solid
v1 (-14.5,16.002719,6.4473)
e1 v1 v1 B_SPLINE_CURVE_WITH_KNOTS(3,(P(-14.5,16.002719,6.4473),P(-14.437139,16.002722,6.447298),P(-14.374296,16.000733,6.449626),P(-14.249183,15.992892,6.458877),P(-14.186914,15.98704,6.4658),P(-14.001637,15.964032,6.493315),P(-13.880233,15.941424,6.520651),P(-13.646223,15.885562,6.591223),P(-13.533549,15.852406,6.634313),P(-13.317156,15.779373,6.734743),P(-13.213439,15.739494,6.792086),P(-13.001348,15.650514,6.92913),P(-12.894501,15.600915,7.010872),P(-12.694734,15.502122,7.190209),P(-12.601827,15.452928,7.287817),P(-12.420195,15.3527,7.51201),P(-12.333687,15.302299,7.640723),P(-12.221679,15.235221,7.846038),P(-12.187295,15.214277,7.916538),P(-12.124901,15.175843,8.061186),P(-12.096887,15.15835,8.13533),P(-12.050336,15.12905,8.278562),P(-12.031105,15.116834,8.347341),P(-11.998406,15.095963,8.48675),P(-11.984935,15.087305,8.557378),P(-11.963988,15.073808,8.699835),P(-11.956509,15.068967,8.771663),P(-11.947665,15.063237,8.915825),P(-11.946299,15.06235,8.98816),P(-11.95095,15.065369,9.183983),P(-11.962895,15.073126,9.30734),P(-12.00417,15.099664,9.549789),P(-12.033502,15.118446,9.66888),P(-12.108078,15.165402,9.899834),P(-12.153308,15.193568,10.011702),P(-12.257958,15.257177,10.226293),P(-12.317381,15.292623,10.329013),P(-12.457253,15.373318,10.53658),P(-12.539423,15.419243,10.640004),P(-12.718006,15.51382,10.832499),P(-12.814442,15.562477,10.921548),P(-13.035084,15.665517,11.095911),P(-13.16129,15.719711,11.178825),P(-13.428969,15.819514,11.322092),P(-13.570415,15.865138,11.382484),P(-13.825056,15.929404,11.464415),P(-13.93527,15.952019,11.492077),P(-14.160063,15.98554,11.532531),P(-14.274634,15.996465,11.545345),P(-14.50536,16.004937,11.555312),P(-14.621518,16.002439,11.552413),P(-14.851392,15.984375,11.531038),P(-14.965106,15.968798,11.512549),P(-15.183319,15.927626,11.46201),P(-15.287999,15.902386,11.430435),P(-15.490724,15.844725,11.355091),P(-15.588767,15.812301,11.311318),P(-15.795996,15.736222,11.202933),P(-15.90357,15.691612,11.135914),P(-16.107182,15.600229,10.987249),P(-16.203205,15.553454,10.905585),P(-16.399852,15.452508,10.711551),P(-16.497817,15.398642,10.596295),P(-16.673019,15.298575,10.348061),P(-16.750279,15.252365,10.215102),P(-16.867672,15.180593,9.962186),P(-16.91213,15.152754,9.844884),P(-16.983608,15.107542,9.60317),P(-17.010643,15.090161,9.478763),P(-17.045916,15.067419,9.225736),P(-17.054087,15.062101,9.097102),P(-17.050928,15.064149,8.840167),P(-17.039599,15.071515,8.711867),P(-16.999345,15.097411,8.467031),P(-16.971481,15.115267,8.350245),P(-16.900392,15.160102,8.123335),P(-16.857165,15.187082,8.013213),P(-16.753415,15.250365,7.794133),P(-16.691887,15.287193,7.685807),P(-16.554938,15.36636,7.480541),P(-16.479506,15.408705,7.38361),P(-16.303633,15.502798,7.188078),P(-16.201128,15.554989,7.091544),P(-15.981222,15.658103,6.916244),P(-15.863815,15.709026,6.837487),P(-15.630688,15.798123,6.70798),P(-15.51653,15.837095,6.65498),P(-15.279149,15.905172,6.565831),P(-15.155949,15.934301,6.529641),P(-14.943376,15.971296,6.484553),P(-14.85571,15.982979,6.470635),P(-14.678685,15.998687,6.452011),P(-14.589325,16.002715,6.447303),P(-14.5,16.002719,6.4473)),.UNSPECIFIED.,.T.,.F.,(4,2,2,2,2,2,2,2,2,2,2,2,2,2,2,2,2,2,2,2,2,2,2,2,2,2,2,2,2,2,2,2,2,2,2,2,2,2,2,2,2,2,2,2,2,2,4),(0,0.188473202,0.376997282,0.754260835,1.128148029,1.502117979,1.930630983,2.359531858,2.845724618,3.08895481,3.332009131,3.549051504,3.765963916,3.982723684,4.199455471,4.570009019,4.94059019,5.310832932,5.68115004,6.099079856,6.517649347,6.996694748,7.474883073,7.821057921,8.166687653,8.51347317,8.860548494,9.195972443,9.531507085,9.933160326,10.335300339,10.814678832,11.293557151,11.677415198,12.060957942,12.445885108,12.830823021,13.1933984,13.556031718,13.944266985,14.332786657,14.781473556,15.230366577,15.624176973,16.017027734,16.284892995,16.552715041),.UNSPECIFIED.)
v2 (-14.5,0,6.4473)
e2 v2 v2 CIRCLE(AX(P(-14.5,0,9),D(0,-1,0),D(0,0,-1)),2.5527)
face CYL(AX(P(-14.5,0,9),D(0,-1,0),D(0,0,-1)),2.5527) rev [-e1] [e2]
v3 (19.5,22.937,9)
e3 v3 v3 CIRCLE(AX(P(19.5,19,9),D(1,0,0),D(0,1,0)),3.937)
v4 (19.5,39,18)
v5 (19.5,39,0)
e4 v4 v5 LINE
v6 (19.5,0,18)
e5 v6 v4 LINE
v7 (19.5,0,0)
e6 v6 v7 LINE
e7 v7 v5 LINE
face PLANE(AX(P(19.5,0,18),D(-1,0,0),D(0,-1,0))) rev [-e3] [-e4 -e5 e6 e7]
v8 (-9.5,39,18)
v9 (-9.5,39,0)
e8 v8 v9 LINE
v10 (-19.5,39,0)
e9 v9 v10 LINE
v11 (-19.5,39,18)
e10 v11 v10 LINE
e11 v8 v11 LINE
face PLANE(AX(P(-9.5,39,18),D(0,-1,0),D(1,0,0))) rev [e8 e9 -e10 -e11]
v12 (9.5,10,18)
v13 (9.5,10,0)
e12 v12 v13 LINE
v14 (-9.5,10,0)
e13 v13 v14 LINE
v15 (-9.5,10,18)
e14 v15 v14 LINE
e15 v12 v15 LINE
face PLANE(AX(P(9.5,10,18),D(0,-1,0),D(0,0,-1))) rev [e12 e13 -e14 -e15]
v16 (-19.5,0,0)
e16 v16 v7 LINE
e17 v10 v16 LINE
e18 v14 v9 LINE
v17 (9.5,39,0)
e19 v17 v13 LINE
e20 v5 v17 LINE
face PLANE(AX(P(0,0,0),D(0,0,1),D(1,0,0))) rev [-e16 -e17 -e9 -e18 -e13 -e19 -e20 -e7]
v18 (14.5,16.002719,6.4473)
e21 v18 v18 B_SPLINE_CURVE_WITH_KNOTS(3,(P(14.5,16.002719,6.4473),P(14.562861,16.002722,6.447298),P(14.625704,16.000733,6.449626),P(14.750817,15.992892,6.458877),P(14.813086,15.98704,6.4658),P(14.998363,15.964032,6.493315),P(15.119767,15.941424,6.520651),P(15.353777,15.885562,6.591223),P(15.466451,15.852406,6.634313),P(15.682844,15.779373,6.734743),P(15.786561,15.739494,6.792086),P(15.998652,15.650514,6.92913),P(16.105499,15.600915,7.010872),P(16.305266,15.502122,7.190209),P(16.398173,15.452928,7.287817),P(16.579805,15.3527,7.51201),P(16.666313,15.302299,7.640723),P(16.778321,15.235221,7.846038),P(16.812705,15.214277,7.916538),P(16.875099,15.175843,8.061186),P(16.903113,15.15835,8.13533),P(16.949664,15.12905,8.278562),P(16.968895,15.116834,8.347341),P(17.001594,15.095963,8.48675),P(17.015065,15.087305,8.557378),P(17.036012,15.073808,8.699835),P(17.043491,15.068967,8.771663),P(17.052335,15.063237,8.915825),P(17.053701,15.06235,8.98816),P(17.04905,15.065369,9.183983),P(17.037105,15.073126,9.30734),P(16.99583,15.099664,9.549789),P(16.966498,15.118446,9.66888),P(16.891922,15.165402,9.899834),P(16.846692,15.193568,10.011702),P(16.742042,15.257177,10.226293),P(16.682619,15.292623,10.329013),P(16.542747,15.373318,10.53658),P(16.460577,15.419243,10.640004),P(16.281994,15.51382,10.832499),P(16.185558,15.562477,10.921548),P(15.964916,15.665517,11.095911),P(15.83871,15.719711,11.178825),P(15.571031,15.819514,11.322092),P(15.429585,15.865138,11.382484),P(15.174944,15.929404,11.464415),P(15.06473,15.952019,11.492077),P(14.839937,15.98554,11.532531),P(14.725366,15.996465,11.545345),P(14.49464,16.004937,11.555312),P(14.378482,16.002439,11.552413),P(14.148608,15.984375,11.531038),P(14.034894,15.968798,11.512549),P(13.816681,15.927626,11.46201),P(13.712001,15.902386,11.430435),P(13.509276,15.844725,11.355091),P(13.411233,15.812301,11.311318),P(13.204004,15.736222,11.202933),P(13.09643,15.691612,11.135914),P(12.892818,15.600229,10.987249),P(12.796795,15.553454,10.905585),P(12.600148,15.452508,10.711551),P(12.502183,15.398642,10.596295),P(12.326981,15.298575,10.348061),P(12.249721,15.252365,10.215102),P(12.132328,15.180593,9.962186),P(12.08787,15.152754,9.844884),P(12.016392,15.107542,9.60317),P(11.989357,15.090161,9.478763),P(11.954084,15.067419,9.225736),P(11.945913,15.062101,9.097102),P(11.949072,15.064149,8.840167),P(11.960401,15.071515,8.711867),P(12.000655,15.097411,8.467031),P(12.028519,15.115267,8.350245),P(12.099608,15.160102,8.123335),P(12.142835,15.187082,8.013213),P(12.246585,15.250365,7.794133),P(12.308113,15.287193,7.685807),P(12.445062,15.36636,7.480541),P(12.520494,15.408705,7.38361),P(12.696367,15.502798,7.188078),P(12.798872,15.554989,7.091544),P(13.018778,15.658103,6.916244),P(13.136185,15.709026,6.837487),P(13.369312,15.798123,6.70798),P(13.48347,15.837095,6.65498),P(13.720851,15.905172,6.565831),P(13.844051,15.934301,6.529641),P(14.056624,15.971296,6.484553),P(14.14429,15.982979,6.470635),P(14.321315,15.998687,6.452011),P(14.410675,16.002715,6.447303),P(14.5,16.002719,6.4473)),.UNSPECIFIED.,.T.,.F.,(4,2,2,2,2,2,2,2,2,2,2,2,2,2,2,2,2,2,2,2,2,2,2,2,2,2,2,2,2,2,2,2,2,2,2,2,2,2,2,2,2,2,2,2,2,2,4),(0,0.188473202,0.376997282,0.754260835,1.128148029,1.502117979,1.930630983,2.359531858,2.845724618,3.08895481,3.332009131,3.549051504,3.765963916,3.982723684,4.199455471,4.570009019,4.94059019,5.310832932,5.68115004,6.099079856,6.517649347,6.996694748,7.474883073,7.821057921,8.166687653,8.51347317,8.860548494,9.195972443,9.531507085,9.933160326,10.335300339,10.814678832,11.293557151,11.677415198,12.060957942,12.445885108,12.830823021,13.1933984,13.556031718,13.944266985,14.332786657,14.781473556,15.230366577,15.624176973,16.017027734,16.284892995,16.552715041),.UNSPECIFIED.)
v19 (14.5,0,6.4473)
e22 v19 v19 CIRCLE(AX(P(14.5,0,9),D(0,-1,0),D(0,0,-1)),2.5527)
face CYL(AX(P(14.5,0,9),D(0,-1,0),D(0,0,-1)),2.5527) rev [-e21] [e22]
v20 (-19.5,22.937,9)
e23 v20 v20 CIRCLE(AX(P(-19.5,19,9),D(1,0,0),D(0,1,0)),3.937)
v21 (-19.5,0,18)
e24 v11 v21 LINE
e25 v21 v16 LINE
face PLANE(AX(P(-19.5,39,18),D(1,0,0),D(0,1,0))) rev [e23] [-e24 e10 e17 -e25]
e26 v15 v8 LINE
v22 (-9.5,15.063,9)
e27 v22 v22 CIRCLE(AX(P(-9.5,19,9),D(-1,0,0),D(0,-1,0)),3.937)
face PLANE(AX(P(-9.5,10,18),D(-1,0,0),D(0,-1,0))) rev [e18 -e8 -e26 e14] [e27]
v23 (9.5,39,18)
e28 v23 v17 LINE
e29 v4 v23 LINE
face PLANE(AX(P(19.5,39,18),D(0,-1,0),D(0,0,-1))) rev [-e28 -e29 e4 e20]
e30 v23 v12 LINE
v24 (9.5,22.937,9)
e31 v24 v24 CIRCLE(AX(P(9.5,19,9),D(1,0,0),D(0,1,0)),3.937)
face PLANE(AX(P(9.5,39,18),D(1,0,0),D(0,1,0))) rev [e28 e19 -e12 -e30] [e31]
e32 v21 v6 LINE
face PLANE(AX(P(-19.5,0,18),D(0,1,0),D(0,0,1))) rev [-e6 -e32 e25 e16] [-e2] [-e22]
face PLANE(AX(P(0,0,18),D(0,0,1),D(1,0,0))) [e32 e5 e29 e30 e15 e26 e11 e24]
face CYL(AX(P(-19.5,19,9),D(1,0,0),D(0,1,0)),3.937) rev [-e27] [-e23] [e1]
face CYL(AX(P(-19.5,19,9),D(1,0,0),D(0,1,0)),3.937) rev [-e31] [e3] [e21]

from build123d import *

# Parameters (mm, degrees)
BOSS_EXTRUDE1_DEPTH         = 18
SKETCH3_R                   = 3.937
CUT_EXTRUDE1_DEPTH          = 40
F_1_4_20_TAPPED_HOLE1_D     = 5.1054
F_1_4_20_TAPPED_HOLE1_DEPTH = 19.05
F_1_4_20_TAPPED_HOLE1_TIP   = 1.533816902


with BuildPart() as part:
    # Sketch1 → Boss-Extrude1 (new body)
    with BuildSketch(Plane.XY):
        Polygon((-19.5, 0), (19.5, 0), (19.5, 39), (9.5, 39), (9.5, 10), (-9.5, 10), (-9.5, 39), (-19.5, 39), align=None)
    extrude(amount=BOSS_EXTRUDE1_DEPTH)

    # Sketch3 → Cut-Extrude1 (cut, through all)
    with BuildSketch(Plane(origin=(19.5, 0, 0), x_dir=(0, 0, -1), z_dir=(1, 0, 0))):
        with Locations((-9, 19)):
            Circle(SKETCH3_R)
    extrude(amount=-CUT_EXTRUDE1_DEPTH, mode=Mode.SUBTRACT)

    # 1/4-20 Tapped Hole1
    with Locations(Plane(origin=(0, 0, 0), x_dir=(-1, 0, 0), z_dir=(0, -1, 0))):
        with Locations((-14.5, -9), (14.5, -9)):
            Hole(F_1_4_20_TAPPED_HOLE1_D / 2, depth=F_1_4_20_TAPPED_HOLE1_DEPTH)
            with Locations((0, 0, -(F_1_4_20_TAPPED_HOLE1_DEPTH + F_1_4_20_TAPPED_HOLE1_TIP / 2))):  # 118° drill point
                Cone(0, F_1_4_20_TAPPED_HOLE1_D / 2, F_1_4_20_TAPPED_HOLE1_TIP, mode=Mode.SUBTRACT)


solid = part.part
